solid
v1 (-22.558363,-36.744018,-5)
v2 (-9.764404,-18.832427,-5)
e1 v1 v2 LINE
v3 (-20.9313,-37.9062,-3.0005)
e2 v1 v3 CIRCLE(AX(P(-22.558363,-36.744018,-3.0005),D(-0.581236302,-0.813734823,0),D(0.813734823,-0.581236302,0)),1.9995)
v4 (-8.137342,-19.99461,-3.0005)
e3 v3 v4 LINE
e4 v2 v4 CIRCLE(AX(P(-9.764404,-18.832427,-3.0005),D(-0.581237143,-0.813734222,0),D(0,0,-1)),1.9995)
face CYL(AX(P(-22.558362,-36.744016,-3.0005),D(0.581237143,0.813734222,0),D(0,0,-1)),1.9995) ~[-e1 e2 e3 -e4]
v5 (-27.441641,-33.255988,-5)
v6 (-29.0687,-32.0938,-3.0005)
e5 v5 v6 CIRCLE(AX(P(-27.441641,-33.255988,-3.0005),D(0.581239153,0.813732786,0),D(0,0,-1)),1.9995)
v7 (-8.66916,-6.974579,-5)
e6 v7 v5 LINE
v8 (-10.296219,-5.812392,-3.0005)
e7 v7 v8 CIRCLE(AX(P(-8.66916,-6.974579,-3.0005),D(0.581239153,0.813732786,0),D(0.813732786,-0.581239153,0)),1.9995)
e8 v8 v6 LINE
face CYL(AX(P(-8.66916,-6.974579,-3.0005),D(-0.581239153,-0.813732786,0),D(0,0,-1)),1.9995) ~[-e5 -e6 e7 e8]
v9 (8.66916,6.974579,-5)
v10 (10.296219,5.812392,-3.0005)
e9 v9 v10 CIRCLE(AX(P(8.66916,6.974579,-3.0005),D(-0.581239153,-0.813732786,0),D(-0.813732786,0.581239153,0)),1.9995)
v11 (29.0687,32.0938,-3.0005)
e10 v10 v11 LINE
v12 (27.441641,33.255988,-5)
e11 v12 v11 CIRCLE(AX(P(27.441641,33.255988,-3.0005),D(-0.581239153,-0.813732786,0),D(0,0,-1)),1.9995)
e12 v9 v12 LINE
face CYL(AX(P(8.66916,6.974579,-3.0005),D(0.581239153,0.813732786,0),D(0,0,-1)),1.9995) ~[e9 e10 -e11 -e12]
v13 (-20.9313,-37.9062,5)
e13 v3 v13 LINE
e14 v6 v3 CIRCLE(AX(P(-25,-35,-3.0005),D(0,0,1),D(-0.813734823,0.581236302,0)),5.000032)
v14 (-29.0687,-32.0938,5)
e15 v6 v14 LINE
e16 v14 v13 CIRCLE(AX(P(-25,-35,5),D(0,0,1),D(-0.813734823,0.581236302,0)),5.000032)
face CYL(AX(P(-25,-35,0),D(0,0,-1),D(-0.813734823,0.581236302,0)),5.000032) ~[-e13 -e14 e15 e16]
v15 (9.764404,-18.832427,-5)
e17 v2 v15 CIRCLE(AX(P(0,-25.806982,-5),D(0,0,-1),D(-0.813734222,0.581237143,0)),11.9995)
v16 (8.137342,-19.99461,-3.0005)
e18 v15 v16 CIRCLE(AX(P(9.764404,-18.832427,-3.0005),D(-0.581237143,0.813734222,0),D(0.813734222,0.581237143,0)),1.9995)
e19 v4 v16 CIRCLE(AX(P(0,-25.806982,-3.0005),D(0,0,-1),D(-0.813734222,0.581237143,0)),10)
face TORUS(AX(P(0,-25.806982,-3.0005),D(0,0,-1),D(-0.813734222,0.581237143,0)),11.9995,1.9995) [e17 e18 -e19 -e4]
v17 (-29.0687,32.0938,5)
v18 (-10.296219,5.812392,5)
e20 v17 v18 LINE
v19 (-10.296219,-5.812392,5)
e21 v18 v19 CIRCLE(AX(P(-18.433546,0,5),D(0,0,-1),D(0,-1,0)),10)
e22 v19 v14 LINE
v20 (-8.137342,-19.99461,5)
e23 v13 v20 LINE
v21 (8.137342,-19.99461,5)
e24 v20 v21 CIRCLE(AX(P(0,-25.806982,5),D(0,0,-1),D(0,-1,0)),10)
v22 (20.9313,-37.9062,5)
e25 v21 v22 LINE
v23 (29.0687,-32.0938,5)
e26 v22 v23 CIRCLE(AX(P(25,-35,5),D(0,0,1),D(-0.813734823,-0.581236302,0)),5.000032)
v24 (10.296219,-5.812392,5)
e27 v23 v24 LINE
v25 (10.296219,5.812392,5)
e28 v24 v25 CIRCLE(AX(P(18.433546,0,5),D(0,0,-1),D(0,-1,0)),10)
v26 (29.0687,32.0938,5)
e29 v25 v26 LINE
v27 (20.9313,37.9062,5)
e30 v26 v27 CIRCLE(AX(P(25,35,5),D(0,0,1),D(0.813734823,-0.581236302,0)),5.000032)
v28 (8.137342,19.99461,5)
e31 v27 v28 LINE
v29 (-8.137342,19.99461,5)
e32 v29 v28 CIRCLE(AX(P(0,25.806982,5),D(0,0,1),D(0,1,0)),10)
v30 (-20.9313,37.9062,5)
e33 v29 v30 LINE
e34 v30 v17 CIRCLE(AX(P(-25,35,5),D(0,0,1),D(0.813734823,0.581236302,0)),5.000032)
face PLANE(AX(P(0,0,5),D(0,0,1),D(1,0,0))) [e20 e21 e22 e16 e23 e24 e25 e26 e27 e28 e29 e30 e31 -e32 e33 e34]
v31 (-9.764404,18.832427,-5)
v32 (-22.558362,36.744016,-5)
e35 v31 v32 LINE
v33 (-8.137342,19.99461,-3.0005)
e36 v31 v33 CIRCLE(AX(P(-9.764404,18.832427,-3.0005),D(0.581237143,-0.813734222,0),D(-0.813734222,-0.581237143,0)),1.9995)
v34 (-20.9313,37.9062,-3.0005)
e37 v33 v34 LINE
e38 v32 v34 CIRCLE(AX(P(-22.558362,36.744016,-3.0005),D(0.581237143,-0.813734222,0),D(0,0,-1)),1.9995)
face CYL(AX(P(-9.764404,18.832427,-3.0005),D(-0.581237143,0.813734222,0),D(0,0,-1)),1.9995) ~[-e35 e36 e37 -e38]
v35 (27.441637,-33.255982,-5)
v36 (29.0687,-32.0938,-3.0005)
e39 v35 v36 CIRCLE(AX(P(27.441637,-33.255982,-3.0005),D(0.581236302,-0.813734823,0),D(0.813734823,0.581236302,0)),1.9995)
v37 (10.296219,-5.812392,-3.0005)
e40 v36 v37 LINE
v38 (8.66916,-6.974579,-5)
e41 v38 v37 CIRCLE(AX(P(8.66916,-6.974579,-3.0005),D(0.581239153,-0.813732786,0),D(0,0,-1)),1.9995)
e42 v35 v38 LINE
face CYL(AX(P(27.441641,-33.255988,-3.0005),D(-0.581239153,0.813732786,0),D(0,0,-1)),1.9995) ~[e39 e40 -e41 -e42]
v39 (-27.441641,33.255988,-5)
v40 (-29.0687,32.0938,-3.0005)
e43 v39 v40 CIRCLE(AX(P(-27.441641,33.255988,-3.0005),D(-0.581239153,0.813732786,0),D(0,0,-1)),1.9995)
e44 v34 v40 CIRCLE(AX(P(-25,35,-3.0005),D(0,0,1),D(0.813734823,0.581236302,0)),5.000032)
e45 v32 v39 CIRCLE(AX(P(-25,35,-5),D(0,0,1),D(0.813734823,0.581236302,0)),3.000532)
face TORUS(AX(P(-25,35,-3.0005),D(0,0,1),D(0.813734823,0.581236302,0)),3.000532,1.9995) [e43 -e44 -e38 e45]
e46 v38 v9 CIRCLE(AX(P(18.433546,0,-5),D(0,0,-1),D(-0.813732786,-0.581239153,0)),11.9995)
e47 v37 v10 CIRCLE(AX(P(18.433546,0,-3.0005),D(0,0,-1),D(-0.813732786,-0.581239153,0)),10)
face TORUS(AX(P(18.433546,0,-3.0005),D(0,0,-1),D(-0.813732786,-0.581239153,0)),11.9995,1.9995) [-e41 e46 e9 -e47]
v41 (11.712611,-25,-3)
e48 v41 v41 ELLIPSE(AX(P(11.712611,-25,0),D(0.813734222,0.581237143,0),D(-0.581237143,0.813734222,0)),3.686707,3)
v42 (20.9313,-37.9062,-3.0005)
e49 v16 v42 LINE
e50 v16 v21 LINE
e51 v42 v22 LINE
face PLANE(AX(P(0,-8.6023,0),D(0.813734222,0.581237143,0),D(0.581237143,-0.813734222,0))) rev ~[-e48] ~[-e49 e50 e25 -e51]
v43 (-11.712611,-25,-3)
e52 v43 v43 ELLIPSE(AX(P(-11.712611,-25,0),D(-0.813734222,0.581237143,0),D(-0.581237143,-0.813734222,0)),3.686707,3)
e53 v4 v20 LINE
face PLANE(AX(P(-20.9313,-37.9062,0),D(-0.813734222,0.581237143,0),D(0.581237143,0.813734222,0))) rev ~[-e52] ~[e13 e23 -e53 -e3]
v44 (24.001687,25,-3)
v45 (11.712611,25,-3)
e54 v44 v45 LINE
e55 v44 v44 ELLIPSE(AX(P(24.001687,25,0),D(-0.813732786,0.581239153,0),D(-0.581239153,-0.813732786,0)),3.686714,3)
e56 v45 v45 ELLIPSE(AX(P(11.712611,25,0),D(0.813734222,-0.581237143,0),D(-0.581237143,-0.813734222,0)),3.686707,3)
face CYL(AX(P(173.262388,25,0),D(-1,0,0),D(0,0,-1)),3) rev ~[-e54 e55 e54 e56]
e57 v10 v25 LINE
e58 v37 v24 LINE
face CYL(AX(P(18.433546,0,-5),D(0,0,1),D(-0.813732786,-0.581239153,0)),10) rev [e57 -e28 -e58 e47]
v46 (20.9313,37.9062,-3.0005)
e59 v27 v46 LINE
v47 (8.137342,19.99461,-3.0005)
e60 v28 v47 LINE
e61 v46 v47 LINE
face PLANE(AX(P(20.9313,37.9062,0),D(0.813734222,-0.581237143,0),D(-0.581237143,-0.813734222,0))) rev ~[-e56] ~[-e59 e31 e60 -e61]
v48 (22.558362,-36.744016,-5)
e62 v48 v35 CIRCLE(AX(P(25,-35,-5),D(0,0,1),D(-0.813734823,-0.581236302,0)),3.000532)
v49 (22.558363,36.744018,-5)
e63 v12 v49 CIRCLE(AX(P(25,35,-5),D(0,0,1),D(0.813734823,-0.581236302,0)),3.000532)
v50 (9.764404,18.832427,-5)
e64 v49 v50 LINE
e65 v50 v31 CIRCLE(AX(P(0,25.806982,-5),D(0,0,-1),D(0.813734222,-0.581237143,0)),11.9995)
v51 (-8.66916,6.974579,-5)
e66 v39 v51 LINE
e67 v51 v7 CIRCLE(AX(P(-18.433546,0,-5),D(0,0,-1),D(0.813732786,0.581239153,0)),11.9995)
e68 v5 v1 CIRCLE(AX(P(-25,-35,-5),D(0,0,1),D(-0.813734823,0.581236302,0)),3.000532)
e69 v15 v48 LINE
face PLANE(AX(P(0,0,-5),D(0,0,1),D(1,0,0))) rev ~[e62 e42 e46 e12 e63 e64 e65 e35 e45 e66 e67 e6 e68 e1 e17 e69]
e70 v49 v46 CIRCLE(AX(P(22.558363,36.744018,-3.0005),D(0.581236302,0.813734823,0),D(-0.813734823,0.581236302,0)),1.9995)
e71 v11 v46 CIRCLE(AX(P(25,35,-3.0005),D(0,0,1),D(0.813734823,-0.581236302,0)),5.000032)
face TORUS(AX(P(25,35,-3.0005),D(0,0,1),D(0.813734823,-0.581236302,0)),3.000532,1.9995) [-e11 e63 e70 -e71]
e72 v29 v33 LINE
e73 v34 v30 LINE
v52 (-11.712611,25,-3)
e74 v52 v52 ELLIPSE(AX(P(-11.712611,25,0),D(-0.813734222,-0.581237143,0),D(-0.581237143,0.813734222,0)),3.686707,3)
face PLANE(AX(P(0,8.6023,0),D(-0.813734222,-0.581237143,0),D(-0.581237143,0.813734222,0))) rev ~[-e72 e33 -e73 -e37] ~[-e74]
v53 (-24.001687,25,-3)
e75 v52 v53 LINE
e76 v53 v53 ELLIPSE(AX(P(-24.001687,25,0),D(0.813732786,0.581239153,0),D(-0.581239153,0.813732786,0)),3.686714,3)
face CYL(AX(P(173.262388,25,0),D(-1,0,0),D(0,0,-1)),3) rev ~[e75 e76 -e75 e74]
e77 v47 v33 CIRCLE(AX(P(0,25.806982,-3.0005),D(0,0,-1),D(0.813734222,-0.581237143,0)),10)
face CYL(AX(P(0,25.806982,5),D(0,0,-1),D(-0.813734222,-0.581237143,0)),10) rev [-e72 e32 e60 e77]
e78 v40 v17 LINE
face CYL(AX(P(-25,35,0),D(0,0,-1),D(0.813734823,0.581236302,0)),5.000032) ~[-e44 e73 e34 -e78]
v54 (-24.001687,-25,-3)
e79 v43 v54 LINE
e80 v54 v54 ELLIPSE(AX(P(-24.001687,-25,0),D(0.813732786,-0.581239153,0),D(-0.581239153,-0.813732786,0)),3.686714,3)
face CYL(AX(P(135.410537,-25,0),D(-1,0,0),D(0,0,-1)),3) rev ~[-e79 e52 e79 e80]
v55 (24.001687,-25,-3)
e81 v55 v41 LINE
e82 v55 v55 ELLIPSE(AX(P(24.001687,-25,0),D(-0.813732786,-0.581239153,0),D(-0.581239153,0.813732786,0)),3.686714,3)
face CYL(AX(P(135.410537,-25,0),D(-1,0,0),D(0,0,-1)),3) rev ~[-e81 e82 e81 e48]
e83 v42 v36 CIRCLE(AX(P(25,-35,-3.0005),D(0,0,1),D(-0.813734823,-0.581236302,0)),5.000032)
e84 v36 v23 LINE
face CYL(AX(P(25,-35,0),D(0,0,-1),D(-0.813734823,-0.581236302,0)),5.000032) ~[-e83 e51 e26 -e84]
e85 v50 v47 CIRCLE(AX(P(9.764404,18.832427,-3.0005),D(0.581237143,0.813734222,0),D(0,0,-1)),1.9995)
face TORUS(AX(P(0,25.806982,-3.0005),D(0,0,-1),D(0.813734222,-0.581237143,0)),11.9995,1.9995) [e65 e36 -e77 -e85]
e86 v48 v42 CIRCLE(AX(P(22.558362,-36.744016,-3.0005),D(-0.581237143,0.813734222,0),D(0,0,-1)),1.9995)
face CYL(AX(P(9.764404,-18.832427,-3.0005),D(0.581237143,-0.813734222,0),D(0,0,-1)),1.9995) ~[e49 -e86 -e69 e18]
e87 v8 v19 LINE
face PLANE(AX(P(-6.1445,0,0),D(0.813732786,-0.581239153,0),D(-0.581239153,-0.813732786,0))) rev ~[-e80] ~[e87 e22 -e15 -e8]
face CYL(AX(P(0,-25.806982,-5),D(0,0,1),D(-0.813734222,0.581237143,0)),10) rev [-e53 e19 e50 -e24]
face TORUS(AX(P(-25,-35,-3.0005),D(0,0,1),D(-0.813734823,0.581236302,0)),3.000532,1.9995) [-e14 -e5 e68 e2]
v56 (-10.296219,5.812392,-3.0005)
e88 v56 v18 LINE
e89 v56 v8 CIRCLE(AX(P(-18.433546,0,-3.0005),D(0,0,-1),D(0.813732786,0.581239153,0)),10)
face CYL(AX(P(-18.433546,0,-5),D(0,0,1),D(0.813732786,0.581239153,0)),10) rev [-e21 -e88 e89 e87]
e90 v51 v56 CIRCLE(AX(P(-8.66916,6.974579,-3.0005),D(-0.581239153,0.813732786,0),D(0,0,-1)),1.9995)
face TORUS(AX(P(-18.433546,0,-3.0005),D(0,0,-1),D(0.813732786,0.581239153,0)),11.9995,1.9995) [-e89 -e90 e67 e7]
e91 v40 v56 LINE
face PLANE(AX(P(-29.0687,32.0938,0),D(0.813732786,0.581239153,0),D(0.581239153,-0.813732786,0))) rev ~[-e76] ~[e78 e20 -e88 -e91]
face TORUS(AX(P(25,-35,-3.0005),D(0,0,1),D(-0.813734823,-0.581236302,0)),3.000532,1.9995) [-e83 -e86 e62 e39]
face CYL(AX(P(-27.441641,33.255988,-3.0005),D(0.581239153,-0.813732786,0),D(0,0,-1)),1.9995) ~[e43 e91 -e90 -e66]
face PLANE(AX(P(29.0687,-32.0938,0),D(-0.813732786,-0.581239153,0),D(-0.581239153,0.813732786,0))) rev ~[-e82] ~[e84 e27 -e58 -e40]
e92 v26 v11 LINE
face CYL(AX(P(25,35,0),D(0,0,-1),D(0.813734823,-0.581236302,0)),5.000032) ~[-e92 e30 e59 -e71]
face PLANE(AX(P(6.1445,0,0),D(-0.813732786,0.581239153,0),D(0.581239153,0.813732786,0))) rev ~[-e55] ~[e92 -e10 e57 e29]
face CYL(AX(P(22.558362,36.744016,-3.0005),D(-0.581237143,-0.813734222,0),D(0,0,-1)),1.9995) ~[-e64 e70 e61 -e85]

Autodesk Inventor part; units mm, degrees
ref_plane "XZ Plane" through (0, 0, 0) normal (0, 1, 0) x (-1, 0, 0)
ref_plane "XY Plane" through (0, 0, 0) normal (0, 0, 1) x (1, 0, 0)
sketch "Náčrt1" plane through (0, 0, 0) normal (0, 0, 1) x (1, 0, 0)
  line L0 (25, -35) -> (-25, 35) construction
  line L1 (-25, -35) -> (25, 35) construction
  arc A0 (-20.9313, 37.9062) -> (-29.0687, 32.0938) centre (-25, 35) ccw
  arc A1 (29.0687, 32.0938) -> (20.9313, 37.9062) centre (25, 35) ccw
  arc A2 (-29.0687, -32.0938) -> (-20.9313, -37.9062) centre (-25, -35) ccw
  arc A3 (20.9313, -37.9062) -> (29.0687, -32.0938) centre (25, -35) ccw
  line L2 (20.9313, 37.9062) -> (0, 8.6023)
  line L3 (-6.1445, 0) -> (-29.0687, -32.0938)
  line L4 (29.0687, -32.0938) -> (6.1445, 0)
  line L5 (0, 8.6023) -> (-20.9313, 37.9062)
  line L6 (-20.9313, -37.9062) -> (0, -8.6023)
  line L7 (6.1445, 0) -> (29.0687, 32.0938)
  line L8 (-29.0687, 32.0938) -> (-6.1445, 0)
  line L9 (0, -8.6023) -> (20.9313, -37.9062)
  line L10 (-44.7648, 0) -> (44.7648, 0) projected
  line L11 (0, 58.7648) -> (0, -58.7648) projected
  point P0 (0, 0)
  dimension "d2" = 50
  dimension "d3" = 70
  dimension "d7" = 10
  dimension "d8" = 10
  dimension "d9" = 10
  dimension "d10" = 10
  dimension "d56" = 71.075
  dimension "d57" = 108.925
extrude "Vysunutí1" add sketch "Náčrt1" along normal mid plane 10
fillet "Zaoblení1" radius 10 4 edges at (6.1445, 0, 0) (-6.1445, 0, 0) (0, 8.6023, 0) (0, -8.6023, 0)
ref_plane "Pracovní rovina4" through (0, 0, 0) normal (1, 0, 0) x (0, 1, 0)
sketch "Náčrt4" plane through (0, 0, 0) normal (1, 0, 0) x (0, 1, 0)
  line L0 (-35, 0) -> (35, 0) projected
  line L1 (0, 35) -> (0, -35) projected
  point P0 (0, 0)
  point P1 (25, 0)
  point P2 (-25, 0)
hole "Díra1" at (0, 25, 0) at (0, -25, 0) direction (-1, 0, 0) diameter 6 end through all both
fillet "Zaoblení3" radius 2 12 edges at (-19.6824, 18.9531, -5) (-27.9062, 39.0687, -5) (-14.5343, 28.9504, -5) (14.5343, 28.9504, -5) (27.9062, 39.0687, -5) (19.6824, 18.9531, -5) (19.6824, -18.9531, -5) (27.9062, -39.0687, -5) (14.5343, -28.9504, -5) (-14.5343, -28.9504, -5) (-27.9062, -39.0687, -5) (-19.6824, -18.9531, -5)
ref_plane "Pracovní rovina5" through (-25, -35, -3) normal (-0.8137, 0.5812, 0) x (0, 0, 1)
properties part number "vetrovaniig"
